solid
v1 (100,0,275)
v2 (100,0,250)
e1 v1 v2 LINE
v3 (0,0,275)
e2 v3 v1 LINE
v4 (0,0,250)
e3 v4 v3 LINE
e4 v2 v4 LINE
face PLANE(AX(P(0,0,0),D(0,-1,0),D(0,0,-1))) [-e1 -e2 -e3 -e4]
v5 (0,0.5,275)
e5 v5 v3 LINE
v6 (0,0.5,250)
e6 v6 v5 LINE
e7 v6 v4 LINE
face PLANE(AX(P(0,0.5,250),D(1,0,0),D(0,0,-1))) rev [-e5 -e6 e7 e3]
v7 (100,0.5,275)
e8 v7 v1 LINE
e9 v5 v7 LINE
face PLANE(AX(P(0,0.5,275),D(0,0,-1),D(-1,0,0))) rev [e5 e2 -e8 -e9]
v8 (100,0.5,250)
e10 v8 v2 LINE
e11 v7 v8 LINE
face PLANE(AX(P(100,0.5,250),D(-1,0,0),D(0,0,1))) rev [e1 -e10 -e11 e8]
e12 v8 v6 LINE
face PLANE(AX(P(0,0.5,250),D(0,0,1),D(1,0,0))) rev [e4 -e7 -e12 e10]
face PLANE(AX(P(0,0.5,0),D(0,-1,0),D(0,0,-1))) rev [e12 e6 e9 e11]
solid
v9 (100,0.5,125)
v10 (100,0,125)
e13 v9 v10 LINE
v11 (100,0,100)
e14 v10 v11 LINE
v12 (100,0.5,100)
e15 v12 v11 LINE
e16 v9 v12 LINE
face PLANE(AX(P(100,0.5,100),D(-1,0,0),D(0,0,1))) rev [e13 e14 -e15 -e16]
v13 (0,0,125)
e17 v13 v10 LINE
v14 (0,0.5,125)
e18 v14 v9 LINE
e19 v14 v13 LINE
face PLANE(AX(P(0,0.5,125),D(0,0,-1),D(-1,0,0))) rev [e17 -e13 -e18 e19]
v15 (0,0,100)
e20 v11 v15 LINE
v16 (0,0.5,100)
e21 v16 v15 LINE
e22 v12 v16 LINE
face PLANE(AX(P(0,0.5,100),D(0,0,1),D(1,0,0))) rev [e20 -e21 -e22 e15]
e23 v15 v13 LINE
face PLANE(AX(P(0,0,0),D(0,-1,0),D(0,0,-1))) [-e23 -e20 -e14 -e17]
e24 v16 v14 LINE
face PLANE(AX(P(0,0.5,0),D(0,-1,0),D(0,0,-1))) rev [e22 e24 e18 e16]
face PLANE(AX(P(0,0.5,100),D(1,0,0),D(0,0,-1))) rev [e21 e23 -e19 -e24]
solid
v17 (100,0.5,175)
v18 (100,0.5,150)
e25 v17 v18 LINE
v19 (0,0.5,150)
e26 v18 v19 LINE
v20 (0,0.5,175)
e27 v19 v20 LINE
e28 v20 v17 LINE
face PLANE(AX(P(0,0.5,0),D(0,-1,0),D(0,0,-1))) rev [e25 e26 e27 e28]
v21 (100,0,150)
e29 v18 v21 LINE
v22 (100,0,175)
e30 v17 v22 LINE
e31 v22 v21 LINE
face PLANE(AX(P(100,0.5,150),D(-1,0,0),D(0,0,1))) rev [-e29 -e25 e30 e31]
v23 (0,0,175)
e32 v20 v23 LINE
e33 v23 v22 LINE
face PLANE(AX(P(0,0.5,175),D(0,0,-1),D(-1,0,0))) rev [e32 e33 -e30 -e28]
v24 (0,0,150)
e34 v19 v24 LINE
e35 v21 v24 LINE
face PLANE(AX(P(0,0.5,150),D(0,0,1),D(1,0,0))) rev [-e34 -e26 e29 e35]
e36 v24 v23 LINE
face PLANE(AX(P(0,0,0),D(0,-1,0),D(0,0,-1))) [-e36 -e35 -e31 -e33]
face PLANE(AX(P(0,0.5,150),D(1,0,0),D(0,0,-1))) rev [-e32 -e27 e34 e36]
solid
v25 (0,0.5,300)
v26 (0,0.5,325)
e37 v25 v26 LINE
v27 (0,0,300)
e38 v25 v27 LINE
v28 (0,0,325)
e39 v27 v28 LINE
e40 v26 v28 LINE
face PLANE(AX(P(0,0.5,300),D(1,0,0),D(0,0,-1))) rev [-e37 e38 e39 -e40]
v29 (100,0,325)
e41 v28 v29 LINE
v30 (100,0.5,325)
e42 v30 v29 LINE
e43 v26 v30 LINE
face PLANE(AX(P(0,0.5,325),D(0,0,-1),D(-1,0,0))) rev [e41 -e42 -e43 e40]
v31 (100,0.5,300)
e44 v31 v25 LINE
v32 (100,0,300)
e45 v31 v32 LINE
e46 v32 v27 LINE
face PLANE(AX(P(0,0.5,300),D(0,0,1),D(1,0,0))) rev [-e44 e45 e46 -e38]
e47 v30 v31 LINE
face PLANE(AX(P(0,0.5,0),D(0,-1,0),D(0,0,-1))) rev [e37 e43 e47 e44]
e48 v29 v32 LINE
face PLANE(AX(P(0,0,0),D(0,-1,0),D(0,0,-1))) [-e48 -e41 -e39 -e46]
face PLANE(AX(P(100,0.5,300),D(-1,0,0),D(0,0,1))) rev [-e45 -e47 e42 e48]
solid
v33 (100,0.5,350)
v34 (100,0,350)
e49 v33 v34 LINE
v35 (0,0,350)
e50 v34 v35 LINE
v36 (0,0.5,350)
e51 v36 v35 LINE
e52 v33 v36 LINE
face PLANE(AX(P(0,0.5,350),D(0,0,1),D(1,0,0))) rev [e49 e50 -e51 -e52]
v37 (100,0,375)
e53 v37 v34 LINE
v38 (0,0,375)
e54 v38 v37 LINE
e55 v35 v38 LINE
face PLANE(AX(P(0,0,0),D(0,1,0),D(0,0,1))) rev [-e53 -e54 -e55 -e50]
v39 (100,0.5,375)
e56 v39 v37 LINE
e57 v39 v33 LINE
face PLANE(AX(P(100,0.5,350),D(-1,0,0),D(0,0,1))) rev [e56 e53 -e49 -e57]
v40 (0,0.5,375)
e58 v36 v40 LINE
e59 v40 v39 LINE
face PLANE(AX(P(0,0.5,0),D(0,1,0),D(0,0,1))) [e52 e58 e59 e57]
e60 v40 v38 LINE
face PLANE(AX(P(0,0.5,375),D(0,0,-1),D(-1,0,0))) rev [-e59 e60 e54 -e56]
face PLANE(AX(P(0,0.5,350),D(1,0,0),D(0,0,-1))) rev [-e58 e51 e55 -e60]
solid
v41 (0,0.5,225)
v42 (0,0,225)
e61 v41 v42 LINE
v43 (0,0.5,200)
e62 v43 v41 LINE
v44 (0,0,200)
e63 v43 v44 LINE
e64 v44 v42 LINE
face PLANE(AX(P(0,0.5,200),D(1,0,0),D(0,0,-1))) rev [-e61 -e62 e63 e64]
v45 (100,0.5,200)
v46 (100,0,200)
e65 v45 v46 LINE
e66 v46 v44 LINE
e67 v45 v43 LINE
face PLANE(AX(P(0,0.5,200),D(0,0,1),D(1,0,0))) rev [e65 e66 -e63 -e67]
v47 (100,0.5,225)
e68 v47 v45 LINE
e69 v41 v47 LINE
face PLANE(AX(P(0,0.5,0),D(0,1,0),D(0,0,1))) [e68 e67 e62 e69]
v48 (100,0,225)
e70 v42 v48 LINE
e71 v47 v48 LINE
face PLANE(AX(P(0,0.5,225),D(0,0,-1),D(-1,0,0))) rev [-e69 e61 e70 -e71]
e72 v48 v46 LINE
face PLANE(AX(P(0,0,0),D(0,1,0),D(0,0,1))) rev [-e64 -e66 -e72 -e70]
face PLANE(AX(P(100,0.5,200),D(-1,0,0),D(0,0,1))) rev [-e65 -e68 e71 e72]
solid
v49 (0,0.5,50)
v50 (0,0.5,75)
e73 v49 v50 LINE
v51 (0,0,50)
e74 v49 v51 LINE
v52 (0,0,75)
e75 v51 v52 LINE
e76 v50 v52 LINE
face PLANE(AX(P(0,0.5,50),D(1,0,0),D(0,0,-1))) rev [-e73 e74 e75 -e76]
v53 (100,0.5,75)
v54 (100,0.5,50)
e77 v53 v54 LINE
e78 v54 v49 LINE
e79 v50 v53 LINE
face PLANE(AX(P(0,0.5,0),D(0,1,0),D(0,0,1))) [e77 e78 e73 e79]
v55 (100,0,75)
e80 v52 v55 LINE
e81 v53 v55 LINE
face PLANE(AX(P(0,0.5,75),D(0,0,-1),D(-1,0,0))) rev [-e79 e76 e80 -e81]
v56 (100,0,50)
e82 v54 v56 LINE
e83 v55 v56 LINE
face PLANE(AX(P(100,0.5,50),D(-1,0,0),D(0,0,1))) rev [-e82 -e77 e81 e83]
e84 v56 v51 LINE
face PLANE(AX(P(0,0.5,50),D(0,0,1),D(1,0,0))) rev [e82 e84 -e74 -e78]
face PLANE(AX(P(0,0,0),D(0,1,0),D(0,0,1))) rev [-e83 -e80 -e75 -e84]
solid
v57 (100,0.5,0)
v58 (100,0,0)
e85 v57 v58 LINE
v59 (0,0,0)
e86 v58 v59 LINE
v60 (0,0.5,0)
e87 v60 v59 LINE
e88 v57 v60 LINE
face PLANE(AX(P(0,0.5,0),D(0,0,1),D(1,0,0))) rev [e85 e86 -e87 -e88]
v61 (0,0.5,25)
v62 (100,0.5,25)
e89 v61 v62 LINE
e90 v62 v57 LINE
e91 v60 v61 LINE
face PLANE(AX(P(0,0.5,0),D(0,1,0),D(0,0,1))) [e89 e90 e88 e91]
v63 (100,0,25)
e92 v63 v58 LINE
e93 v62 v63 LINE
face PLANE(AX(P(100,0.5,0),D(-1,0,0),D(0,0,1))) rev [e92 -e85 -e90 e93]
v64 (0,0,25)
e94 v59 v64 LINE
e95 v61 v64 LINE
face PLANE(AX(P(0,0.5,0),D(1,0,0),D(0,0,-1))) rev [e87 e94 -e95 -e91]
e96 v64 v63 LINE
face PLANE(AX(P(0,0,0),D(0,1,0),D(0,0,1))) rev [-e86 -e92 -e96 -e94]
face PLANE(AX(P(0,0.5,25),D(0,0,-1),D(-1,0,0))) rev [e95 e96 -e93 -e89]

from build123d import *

# Parameters (mm, degrees)
SKETCH_1_W        = 100
SKETCH_1_H        = 25
EXTRUDE_1_DEPTH   = 0.5
EXTRUDE_1_2_DEPTH = 0.5
EXTRUDE_1_3_DEPTH = 0.5
EXTRUDE_1_4_DEPTH = 0.5
EXTRUDE_1_5_DEPTH = 0.5
EXTRUDE_1_6_DEPTH = 0.5
EXTRUDE_1_7_DEPTH = 0.5
EXTRUDE_1_8_DEPTH = 0.5


with BuildPart() as part:
    # 草图1 → 凸台-拉伸1 (new body)
    with BuildSketch(Plane(origin=(0, 0, 0), x_dir=(1, 0, 0), z_dir=(0, 1, 0))):
        with Locations((50, -62.5)):
            Rectangle(SKETCH_1_W, SKETCH_1_H)
    extrude(amount=EXTRUDE_1_DEPTH)


with BuildPart() as body_2:
    # 草图1 → Extrude 1 2 (new body)
    with BuildSketch(Plane(origin=(0, 0, 0), x_dir=(1, 0, 0), z_dir=(0, 1, 0))):
        with Locations((50, -12.5)):
            Rectangle(SKETCH_1_W, SKETCH_1_H)
    extrude(amount=EXTRUDE_1_2_DEPTH)


with BuildPart() as body_3:
    # 草图1 → Extrude 1 3 (new body)
    with BuildSketch(Plane(origin=(0, 0, 0), x_dir=(1, 0, 0), z_dir=(0, 1, 0))):
        with Locations((50, -162.5)):
            Rectangle(SKETCH_1_W, SKETCH_1_H)
    extrude(amount=EXTRUDE_1_3_DEPTH)


with BuildPart() as body_4:
    # 草图1 → Extrude 1 4 (new body)
    with BuildSketch(Plane(origin=(0, 0, 0), x_dir=(1, 0, 0), z_dir=(0, 1, 0))):
        with Locations((50, -112.5)):
            Rectangle(SKETCH_1_W, SKETCH_1_H)
    extrude(amount=EXTRUDE_1_4_DEPTH)


with BuildPart() as body_5:
    # 草图1 → Extrude 1 5 (new body)
    with BuildSketch(Plane(origin=(0, 0, 0), x_dir=(1, 0, 0), z_dir=(0, 1, 0))):
        with Locations((50, -362.5)):
            Rectangle(SKETCH_1_W, SKETCH_1_H)
    extrude(amount=EXTRUDE_1_5_DEPTH)


with BuildPart() as body_6:
    # 草图1 → Extrude 1 6 (new body)
    with BuildSketch(Plane(origin=(0, 0, 0), x_dir=(1, 0, 0), z_dir=(0, 1, 0))):
        with Locations((50, -212.5)):
            Rectangle(SKETCH_1_W, SKETCH_1_H)
    extrude(amount=EXTRUDE_1_6_DEPTH)


with BuildPart() as body_7:
    # 草图1 → Extrude 1 7 (new body)
    with BuildSketch(Plane(origin=(0, 0, 0), x_dir=(1, 0, 0), z_dir=(0, 1, 0))):
        with Locations((50, -262.5)):
            Rectangle(SKETCH_1_W, SKETCH_1_H)
    extrude(amount=EXTRUDE_1_7_DEPTH)


with BuildPart() as body_8:
    # 草图1 → Extrude 1 8 (new body)
    with BuildSketch(Plane(origin=(0, 0, 0), x_dir=(1, 0, 0), z_dir=(0, 1, 0))):
        with Locations((50, -312.5)):
            Rectangle(SKETCH_1_W, SKETCH_1_H)
    extrude(amount=EXTRUDE_1_8_DEPTH)


solid = Compound([part.part, body_2.part, body_3.part, body_4.part, body_5.part, body_6.part, body_7.part, body_8.part])
